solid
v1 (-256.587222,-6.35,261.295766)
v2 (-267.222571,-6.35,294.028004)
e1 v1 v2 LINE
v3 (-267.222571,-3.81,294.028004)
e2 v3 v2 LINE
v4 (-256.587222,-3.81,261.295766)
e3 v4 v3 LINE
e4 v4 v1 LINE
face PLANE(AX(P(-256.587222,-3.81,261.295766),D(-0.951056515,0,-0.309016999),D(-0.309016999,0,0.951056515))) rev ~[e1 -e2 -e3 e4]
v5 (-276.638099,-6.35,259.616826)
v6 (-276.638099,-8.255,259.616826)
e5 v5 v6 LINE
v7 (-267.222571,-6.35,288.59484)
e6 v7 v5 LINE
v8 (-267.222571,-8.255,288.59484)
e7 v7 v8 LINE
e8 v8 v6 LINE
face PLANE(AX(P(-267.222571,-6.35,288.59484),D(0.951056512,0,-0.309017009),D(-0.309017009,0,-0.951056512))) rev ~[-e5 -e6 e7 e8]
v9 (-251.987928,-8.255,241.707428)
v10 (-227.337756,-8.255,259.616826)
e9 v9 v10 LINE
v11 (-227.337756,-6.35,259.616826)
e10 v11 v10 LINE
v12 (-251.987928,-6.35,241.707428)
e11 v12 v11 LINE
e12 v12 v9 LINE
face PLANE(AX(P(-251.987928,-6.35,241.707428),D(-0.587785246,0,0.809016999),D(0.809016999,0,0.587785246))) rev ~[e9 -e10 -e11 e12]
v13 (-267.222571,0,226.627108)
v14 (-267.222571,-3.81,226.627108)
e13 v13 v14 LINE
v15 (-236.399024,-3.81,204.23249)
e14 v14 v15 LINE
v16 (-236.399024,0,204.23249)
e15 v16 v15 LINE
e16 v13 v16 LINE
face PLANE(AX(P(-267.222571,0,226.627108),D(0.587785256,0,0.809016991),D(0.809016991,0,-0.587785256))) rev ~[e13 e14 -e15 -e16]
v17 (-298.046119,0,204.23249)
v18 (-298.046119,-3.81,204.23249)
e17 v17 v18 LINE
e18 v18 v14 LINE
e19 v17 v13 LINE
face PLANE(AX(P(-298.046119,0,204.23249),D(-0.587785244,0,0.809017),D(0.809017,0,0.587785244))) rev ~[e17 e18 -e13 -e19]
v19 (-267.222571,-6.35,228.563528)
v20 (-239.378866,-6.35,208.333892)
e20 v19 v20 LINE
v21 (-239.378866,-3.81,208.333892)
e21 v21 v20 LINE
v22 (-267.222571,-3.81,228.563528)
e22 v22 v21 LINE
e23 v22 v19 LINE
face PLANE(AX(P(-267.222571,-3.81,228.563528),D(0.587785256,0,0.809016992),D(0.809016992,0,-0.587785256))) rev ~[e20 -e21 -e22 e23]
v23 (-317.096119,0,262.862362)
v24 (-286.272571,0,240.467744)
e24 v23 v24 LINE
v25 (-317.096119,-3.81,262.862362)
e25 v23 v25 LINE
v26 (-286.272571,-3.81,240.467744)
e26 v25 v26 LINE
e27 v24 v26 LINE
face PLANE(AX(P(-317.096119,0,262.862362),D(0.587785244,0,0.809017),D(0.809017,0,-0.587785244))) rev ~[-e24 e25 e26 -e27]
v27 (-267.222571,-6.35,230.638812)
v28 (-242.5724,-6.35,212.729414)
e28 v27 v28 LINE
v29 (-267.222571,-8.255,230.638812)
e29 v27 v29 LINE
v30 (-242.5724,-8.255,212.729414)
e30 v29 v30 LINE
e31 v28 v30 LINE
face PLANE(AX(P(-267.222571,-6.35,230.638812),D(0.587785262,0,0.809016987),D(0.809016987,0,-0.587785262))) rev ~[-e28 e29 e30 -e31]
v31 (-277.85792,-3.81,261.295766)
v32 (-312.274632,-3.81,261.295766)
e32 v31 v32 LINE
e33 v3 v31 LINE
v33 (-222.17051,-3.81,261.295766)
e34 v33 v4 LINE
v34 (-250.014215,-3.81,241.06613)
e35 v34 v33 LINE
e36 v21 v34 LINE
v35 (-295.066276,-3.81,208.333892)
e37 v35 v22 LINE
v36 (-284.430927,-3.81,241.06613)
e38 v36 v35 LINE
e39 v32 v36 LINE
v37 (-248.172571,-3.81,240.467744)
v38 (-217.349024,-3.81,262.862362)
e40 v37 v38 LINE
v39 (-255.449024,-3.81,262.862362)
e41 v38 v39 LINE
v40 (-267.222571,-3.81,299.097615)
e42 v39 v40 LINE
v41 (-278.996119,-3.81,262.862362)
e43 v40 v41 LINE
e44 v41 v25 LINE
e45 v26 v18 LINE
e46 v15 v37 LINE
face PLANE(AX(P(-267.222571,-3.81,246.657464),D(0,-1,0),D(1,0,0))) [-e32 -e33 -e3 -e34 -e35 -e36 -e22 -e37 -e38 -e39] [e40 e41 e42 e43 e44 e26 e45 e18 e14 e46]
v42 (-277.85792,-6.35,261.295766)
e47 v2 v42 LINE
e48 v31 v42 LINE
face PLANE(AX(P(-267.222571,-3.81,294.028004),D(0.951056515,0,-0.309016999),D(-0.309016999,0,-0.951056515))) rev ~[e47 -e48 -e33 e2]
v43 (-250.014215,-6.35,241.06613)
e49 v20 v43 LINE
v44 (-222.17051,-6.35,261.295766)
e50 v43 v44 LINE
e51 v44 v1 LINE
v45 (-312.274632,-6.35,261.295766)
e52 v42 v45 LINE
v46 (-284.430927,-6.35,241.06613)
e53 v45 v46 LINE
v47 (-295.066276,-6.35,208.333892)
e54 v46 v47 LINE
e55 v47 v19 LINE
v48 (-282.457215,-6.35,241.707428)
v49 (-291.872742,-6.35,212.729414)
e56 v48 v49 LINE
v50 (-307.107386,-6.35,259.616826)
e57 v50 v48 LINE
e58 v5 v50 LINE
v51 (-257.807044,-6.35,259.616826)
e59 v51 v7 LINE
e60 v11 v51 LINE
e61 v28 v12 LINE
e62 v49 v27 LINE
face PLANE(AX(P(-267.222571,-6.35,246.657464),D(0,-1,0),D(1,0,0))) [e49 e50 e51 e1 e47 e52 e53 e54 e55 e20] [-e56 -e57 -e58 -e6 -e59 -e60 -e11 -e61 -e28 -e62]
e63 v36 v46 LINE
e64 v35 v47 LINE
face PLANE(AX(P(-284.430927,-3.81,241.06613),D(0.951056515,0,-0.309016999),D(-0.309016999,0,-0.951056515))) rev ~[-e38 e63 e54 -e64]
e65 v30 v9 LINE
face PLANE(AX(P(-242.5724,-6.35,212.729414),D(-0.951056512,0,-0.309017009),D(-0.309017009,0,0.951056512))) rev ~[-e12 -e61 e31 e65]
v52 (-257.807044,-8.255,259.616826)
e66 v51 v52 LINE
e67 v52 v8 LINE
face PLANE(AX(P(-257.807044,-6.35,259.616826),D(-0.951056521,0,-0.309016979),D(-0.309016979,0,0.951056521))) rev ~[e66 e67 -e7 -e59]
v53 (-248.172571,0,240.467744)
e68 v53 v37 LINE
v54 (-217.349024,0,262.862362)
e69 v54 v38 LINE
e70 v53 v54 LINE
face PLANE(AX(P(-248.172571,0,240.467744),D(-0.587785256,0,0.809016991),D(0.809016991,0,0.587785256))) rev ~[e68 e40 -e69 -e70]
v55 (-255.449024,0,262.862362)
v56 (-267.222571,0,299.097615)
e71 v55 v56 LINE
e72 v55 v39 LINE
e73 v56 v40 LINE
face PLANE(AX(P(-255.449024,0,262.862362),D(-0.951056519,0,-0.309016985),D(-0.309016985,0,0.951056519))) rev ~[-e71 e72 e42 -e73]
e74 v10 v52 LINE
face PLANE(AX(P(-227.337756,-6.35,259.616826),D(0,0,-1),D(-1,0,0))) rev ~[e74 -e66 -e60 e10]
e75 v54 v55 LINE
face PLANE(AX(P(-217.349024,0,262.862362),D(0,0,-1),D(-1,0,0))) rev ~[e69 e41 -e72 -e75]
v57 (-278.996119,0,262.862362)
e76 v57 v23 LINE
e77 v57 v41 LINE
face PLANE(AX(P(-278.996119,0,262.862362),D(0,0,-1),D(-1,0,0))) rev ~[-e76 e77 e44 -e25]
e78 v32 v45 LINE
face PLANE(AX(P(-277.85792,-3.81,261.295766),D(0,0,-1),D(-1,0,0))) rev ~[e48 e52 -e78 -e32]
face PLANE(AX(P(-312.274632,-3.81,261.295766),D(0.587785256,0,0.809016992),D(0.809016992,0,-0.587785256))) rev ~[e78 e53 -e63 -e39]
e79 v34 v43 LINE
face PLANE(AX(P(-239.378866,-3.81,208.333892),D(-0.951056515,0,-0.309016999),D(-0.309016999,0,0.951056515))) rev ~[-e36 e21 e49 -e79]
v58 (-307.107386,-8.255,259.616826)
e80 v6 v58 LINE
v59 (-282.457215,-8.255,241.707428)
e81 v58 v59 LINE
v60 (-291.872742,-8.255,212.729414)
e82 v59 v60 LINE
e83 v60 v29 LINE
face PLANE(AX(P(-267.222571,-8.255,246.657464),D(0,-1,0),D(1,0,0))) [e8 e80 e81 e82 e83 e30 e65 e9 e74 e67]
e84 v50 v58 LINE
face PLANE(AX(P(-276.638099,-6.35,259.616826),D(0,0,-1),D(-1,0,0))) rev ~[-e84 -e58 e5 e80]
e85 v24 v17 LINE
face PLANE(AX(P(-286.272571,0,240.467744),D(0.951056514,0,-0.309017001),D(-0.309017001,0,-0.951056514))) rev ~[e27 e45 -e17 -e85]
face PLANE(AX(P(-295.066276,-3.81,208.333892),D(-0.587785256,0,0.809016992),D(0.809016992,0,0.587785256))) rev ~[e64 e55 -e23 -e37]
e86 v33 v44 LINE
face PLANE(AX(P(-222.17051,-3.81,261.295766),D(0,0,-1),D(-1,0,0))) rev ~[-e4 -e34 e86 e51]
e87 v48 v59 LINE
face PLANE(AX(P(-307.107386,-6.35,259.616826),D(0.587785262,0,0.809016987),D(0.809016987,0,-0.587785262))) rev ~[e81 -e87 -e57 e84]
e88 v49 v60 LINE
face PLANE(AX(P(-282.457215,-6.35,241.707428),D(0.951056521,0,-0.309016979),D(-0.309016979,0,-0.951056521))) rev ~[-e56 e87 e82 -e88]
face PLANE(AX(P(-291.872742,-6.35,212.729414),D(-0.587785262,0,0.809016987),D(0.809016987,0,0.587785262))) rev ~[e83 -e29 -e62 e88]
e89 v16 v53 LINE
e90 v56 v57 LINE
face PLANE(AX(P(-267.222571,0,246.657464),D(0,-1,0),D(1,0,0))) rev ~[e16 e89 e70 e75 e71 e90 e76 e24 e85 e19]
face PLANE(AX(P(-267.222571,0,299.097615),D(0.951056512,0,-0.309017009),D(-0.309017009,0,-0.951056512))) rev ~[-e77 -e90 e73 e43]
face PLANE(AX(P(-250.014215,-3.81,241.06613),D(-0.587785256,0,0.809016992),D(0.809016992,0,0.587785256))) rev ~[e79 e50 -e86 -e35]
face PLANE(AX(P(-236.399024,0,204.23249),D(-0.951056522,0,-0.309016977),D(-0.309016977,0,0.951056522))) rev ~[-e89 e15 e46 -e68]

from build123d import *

# Parameters (mm, degrees)
F1_DEPTH = 3.81
F3_DEPTH = 2.54
F5_DEPTH = 1.905


with BuildPart() as f1:
    # F0 (on Front) → F1 (new body)
    with BuildSketch(Plane.XZ):
        Polygon((-217.349024, 262.862362), (-255.449024, 262.862362), (-267.222571, 299.097615), (-278.996119, 262.862362), (-317.096119, 262.862362), (-286.272571, 240.467744), (-298.046119, 204.23249), (-267.222571, 226.627108), (-236.399024, 204.23249), (-248.172571, 240.467744), align=None)
    extrude(amount=F1_DEPTH)

    # F2 (on face) → F3 (join)
    with BuildSketch(Plane.XZ.offset(3.81)):
        Polygon((-239.378866, 208.333892), (-250.014215, 241.06613), (-222.17051, 261.295766), (-256.587222, 261.295766), (-267.222571, 294.028004), (-277.85792, 261.295766), (-312.274632, 261.295766), (-284.430927, 241.06613), (-295.066276, 208.333892), (-267.222571, 228.563528), align=None)
    extrude(amount=F3_DEPTH)

    # F4 (on face) → F5 (join)
    with BuildSketch(Plane.XZ.offset(6.35)):
        Polygon((-291.872742, 212.729414), (-267.222571, 230.638812), (-242.5724, 212.729414), (-251.987928, 241.707428), (-227.337756, 259.616826), (-257.807044, 259.616826), (-267.222571, 288.59484), (-276.638099, 259.616826), (-307.107386, 259.616826), (-282.457215, 241.707428), align=None)
    extrude(amount=F5_DEPTH)


solid = f1.part
